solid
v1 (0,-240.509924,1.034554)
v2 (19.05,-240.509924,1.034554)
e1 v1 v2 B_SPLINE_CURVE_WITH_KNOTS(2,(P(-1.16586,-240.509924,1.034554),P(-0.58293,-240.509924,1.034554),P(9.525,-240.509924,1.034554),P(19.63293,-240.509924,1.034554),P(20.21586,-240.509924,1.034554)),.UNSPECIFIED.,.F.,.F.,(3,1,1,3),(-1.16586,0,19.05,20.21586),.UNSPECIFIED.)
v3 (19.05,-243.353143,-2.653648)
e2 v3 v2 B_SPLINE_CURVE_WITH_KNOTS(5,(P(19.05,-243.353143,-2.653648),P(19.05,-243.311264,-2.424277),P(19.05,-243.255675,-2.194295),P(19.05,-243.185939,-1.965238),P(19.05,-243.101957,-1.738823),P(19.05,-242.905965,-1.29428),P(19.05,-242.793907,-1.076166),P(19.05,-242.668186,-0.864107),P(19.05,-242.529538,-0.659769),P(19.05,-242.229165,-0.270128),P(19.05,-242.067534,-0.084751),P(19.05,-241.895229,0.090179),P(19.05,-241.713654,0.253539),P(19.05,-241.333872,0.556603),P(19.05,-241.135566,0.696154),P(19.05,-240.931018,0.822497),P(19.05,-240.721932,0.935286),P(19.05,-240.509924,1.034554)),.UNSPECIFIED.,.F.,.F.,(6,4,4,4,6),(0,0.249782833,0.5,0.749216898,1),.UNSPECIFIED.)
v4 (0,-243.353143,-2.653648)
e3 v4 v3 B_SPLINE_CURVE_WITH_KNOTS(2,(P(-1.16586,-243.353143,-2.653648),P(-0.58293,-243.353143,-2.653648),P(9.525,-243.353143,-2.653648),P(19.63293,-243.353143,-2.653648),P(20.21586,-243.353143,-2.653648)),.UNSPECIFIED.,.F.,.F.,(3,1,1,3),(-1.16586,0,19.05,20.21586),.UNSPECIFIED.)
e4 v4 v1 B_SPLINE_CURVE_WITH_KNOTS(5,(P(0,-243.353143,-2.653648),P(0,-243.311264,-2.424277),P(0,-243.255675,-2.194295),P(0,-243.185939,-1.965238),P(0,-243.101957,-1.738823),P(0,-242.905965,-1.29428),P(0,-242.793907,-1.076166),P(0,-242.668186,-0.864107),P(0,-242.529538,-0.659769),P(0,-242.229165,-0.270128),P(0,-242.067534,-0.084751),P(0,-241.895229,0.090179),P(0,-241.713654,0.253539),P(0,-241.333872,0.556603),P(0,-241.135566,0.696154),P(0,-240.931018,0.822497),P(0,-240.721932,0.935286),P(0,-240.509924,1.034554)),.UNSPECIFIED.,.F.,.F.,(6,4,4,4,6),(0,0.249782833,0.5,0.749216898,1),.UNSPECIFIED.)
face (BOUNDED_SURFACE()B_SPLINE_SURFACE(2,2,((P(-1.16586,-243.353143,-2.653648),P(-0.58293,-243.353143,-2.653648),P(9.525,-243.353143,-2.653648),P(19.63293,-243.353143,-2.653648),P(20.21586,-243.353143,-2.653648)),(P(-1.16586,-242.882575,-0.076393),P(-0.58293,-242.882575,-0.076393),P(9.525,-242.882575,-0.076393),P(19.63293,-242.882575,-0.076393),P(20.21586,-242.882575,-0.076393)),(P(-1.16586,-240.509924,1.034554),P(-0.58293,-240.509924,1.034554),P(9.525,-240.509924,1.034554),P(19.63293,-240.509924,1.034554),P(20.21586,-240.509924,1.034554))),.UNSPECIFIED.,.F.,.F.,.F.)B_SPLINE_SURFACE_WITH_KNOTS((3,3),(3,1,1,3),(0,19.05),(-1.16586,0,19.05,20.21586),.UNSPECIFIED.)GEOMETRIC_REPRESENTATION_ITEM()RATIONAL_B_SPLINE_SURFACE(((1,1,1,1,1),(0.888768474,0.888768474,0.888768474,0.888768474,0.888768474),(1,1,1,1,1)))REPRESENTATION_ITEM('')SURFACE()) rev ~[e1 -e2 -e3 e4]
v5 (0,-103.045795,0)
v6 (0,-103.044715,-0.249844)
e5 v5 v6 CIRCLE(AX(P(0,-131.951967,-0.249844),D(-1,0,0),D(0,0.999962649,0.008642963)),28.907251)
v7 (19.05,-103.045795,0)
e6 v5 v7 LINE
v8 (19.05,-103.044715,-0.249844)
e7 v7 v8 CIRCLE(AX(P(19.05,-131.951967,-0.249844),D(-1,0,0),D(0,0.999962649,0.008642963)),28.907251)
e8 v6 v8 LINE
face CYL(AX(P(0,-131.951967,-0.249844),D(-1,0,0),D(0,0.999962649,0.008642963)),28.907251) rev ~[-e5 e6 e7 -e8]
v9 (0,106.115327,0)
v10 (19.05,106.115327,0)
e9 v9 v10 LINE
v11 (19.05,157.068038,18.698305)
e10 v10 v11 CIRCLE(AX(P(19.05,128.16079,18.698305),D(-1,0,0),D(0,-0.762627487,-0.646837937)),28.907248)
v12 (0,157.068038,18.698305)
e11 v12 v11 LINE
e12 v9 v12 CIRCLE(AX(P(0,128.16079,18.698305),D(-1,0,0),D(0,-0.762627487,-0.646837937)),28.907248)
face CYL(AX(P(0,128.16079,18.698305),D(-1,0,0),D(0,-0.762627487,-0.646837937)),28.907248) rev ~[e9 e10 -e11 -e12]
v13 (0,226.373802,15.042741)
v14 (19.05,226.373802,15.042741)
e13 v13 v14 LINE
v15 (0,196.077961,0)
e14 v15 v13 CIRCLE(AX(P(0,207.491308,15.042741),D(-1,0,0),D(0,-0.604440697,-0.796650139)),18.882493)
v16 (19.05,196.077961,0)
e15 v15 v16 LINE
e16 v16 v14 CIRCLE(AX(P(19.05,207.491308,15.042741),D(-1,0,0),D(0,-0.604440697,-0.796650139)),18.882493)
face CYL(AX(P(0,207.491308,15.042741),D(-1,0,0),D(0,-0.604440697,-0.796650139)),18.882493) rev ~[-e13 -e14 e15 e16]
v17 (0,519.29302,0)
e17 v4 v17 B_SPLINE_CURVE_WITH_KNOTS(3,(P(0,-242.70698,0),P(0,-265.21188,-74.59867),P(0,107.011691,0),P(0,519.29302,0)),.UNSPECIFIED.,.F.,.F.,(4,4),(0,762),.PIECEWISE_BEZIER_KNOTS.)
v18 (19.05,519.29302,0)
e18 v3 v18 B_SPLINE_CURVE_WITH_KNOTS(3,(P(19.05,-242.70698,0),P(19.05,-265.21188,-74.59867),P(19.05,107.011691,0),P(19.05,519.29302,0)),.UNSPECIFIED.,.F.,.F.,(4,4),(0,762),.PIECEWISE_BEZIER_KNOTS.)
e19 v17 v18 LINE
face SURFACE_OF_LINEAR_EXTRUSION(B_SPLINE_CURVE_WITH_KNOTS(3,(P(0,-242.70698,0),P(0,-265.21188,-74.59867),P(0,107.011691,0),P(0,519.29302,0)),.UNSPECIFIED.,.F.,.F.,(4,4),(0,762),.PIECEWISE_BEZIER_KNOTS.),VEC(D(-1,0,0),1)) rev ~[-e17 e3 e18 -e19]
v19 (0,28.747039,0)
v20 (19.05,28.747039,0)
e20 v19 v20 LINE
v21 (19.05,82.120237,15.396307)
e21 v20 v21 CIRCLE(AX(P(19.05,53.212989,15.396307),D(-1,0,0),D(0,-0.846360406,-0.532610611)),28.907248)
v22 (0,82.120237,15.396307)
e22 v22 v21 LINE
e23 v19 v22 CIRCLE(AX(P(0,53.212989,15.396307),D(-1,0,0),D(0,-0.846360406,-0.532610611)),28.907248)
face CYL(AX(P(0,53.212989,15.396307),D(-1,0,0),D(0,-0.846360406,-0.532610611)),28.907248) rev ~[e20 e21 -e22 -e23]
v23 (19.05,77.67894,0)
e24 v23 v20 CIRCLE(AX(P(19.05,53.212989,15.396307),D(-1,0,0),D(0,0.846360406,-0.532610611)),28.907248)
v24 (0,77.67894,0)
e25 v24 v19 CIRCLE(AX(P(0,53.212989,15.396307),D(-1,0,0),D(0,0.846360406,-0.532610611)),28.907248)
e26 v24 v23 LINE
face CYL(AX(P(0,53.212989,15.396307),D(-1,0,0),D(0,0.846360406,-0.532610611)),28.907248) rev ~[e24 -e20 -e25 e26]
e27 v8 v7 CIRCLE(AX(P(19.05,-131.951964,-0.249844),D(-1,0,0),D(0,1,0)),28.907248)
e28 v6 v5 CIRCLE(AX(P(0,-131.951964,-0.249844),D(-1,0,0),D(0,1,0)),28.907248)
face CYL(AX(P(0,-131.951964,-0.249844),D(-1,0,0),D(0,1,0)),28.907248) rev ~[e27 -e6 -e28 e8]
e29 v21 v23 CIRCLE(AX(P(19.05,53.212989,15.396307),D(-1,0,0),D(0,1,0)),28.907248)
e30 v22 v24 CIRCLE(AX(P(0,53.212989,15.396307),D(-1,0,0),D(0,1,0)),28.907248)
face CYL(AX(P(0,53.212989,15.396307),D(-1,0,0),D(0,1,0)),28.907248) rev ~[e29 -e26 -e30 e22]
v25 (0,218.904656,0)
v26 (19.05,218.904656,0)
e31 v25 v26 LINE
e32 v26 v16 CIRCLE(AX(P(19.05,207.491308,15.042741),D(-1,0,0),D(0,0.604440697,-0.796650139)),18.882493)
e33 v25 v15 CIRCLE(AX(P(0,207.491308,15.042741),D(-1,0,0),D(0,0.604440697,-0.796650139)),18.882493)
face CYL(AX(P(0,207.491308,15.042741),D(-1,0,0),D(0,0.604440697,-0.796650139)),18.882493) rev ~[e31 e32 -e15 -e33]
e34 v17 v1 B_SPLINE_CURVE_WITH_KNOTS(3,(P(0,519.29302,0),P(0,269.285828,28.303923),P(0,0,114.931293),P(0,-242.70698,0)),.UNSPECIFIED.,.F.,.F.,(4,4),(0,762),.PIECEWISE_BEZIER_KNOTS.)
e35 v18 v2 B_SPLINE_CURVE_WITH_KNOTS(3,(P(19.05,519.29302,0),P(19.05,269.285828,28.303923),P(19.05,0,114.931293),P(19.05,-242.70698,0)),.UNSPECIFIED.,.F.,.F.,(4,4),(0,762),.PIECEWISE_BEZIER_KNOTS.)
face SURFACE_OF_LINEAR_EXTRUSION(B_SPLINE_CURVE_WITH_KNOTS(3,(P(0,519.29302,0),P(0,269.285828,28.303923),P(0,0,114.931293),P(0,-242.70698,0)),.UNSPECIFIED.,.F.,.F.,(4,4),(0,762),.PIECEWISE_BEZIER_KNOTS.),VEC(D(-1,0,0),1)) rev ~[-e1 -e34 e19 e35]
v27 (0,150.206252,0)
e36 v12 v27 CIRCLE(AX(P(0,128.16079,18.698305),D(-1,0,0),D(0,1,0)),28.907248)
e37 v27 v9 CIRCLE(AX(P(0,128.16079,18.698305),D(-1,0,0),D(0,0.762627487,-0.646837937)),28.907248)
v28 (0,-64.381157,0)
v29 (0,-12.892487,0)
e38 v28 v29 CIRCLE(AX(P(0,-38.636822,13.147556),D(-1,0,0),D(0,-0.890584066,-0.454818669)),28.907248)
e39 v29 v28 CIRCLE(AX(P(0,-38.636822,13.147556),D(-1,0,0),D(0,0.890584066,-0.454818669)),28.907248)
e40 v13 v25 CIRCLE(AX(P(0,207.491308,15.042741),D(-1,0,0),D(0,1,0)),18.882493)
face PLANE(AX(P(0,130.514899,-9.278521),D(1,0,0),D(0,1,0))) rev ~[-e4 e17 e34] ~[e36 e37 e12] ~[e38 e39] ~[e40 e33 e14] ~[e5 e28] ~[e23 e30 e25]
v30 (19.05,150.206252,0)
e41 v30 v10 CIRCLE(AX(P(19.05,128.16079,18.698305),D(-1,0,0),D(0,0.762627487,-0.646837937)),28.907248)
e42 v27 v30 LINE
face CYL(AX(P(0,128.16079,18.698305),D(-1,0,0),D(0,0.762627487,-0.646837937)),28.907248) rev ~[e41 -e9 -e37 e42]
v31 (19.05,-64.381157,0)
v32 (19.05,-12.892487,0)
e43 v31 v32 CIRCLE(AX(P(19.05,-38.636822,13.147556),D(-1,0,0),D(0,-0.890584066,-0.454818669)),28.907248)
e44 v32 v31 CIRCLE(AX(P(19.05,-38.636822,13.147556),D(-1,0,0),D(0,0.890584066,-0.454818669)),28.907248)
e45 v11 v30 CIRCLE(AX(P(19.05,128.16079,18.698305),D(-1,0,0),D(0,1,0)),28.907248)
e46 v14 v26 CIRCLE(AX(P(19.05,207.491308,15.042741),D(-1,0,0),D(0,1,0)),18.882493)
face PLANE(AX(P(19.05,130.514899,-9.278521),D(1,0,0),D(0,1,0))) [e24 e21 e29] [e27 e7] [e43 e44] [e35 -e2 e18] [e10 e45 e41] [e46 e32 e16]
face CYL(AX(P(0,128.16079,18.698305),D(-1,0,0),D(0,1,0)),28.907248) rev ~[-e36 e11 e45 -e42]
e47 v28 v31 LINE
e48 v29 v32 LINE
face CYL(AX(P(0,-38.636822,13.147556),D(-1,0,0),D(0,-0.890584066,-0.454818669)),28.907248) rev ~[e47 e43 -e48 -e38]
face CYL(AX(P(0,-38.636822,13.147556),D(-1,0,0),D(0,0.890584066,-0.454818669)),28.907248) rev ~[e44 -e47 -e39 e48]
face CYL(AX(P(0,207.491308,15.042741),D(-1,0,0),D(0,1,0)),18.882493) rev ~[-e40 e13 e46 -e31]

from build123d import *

# Parameters (mm, degrees)
F1_DEPTH = 19.05
F2_R     = 5.08


with BuildPart() as f1:
    # F0 (on Right) → F1 (new body)
    with BuildSketch(Plane.YZ):
        with BuildLine():
            Line((-160.8581324715, 0), (-242.7069797365, 0))
            add(Edge.make_bspline(
                [(-242.7069797365, 0), (-265.2118802071, -74.5986700058), (107.0116907358, 0), (519.2930202635, 0)],
                knots=[0, 0, 0, 0, 762, 762, 762, 762], degree=3))
            Line((519.2930202635, 0), (218.9046558231, 0))
            ThreePointArc((218.9046558231, 0), (207.4913084507, -3.8397523781), (196.0779610783, 0))
            Line((196.0779610783, 0), (150.206251788, 0))
            ThreePointArc((150.206251788, 0), (128.160789609, -10.2089434816), (106.1153274299, 0))
            Line((106.1153274299, 0), (77.678939592, 0))
            ThreePointArc((77.678939592, 0), (53.2129891217, -13.5109411506), (28.7470386513, 0))
            Line((28.7470386513, 0), (-12.8924874617, 0))
            ThreePointArc((-12.8924874617, 0), (-38.6368222535, -15.7596921502), (-64.3811570453, 0))
            Line((-64.3811570453, 0), (-103.0457951603, 0))
            ThreePointArc((-103.0457951603, 0), (-103.0449853734, -0.1249209702), (-103.0447154427, -0.2498442734))
            ThreePointArc((-103.0447154427, -0.2498442734), (-132.0768871191, -29.1568227159), (-160.8581324715, 0))
        make_face()
        with BuildLine():
            add(Edge.make_bspline(
                [(519.2930202635, 0), (269.2858278751, 28.3039230853), (0, 114.9312928319), (-242.7069797365, 0)],
                knots=[0, 0, 0, 0, 762, 762, 762, 762], degree=3))
            Line((-242.7069797365, 0), (-160.8581324715, 0))
            ThreePointArc((-160.8581324715, 0), (-131.9519638159, 28.6574040998), (-103.0457951603, 0))
            Line((-103.0457951603, 0), (-64.3811570453, 0))
            ThreePointArc((-64.3811570453, 0), (-45.3981508389, 41.2529550685), (-9.7295738803, 13.147556223))
            ThreePointArc((-9.7295738803, 13.147556223), (-10.5314234079, 6.3862276376), (-12.8924874617, 0))
            Line((-12.8924874617, 0), (28.7470386513, 0))
            ThreePointArc((28.7470386513, 0), (45.2009450137, 43.1710467842), (82.1202374948, 15.3963072225))
            ThreePointArc((82.1202374948, 15.3963072225), (80.9877286834, 7.3842631146), (77.678939592, 0))
            Line((77.678939592, 0), (106.1153274299, 0))
            ThreePointArc((106.1153274299, 0), (118.2019905399, 45.8359416643), (157.0680379821, 18.6983048916))
            ThreePointArc((157.0680379821, 18.6983048916), (155.2984263817, 8.7395058225), (150.206251788, 0))
            Line((150.206251788, 0), (196.0779610783, 0))
            ThreePointArc((196.0779610783, 0), (199.0938059623, 31.9551771791), (226.3738016805, 15.0427408516))
            ThreePointArc((226.3738016805, 15.0427408516), (224.4037447781, 6.6452383633), (218.9046558231, 0))
            Line((218.9046558231, 0), (519.2930202635, 0))
        make_face()
    extrude(amount=F1_DEPTH)

    # F2
    f2_edges = [f1.edges().sort_by_distance(p)[0] for p in [
        (9.525, -242.70698, 0),
    ]]
    fillet(f2_edges, radius=F2_R)


solid = f1.part
